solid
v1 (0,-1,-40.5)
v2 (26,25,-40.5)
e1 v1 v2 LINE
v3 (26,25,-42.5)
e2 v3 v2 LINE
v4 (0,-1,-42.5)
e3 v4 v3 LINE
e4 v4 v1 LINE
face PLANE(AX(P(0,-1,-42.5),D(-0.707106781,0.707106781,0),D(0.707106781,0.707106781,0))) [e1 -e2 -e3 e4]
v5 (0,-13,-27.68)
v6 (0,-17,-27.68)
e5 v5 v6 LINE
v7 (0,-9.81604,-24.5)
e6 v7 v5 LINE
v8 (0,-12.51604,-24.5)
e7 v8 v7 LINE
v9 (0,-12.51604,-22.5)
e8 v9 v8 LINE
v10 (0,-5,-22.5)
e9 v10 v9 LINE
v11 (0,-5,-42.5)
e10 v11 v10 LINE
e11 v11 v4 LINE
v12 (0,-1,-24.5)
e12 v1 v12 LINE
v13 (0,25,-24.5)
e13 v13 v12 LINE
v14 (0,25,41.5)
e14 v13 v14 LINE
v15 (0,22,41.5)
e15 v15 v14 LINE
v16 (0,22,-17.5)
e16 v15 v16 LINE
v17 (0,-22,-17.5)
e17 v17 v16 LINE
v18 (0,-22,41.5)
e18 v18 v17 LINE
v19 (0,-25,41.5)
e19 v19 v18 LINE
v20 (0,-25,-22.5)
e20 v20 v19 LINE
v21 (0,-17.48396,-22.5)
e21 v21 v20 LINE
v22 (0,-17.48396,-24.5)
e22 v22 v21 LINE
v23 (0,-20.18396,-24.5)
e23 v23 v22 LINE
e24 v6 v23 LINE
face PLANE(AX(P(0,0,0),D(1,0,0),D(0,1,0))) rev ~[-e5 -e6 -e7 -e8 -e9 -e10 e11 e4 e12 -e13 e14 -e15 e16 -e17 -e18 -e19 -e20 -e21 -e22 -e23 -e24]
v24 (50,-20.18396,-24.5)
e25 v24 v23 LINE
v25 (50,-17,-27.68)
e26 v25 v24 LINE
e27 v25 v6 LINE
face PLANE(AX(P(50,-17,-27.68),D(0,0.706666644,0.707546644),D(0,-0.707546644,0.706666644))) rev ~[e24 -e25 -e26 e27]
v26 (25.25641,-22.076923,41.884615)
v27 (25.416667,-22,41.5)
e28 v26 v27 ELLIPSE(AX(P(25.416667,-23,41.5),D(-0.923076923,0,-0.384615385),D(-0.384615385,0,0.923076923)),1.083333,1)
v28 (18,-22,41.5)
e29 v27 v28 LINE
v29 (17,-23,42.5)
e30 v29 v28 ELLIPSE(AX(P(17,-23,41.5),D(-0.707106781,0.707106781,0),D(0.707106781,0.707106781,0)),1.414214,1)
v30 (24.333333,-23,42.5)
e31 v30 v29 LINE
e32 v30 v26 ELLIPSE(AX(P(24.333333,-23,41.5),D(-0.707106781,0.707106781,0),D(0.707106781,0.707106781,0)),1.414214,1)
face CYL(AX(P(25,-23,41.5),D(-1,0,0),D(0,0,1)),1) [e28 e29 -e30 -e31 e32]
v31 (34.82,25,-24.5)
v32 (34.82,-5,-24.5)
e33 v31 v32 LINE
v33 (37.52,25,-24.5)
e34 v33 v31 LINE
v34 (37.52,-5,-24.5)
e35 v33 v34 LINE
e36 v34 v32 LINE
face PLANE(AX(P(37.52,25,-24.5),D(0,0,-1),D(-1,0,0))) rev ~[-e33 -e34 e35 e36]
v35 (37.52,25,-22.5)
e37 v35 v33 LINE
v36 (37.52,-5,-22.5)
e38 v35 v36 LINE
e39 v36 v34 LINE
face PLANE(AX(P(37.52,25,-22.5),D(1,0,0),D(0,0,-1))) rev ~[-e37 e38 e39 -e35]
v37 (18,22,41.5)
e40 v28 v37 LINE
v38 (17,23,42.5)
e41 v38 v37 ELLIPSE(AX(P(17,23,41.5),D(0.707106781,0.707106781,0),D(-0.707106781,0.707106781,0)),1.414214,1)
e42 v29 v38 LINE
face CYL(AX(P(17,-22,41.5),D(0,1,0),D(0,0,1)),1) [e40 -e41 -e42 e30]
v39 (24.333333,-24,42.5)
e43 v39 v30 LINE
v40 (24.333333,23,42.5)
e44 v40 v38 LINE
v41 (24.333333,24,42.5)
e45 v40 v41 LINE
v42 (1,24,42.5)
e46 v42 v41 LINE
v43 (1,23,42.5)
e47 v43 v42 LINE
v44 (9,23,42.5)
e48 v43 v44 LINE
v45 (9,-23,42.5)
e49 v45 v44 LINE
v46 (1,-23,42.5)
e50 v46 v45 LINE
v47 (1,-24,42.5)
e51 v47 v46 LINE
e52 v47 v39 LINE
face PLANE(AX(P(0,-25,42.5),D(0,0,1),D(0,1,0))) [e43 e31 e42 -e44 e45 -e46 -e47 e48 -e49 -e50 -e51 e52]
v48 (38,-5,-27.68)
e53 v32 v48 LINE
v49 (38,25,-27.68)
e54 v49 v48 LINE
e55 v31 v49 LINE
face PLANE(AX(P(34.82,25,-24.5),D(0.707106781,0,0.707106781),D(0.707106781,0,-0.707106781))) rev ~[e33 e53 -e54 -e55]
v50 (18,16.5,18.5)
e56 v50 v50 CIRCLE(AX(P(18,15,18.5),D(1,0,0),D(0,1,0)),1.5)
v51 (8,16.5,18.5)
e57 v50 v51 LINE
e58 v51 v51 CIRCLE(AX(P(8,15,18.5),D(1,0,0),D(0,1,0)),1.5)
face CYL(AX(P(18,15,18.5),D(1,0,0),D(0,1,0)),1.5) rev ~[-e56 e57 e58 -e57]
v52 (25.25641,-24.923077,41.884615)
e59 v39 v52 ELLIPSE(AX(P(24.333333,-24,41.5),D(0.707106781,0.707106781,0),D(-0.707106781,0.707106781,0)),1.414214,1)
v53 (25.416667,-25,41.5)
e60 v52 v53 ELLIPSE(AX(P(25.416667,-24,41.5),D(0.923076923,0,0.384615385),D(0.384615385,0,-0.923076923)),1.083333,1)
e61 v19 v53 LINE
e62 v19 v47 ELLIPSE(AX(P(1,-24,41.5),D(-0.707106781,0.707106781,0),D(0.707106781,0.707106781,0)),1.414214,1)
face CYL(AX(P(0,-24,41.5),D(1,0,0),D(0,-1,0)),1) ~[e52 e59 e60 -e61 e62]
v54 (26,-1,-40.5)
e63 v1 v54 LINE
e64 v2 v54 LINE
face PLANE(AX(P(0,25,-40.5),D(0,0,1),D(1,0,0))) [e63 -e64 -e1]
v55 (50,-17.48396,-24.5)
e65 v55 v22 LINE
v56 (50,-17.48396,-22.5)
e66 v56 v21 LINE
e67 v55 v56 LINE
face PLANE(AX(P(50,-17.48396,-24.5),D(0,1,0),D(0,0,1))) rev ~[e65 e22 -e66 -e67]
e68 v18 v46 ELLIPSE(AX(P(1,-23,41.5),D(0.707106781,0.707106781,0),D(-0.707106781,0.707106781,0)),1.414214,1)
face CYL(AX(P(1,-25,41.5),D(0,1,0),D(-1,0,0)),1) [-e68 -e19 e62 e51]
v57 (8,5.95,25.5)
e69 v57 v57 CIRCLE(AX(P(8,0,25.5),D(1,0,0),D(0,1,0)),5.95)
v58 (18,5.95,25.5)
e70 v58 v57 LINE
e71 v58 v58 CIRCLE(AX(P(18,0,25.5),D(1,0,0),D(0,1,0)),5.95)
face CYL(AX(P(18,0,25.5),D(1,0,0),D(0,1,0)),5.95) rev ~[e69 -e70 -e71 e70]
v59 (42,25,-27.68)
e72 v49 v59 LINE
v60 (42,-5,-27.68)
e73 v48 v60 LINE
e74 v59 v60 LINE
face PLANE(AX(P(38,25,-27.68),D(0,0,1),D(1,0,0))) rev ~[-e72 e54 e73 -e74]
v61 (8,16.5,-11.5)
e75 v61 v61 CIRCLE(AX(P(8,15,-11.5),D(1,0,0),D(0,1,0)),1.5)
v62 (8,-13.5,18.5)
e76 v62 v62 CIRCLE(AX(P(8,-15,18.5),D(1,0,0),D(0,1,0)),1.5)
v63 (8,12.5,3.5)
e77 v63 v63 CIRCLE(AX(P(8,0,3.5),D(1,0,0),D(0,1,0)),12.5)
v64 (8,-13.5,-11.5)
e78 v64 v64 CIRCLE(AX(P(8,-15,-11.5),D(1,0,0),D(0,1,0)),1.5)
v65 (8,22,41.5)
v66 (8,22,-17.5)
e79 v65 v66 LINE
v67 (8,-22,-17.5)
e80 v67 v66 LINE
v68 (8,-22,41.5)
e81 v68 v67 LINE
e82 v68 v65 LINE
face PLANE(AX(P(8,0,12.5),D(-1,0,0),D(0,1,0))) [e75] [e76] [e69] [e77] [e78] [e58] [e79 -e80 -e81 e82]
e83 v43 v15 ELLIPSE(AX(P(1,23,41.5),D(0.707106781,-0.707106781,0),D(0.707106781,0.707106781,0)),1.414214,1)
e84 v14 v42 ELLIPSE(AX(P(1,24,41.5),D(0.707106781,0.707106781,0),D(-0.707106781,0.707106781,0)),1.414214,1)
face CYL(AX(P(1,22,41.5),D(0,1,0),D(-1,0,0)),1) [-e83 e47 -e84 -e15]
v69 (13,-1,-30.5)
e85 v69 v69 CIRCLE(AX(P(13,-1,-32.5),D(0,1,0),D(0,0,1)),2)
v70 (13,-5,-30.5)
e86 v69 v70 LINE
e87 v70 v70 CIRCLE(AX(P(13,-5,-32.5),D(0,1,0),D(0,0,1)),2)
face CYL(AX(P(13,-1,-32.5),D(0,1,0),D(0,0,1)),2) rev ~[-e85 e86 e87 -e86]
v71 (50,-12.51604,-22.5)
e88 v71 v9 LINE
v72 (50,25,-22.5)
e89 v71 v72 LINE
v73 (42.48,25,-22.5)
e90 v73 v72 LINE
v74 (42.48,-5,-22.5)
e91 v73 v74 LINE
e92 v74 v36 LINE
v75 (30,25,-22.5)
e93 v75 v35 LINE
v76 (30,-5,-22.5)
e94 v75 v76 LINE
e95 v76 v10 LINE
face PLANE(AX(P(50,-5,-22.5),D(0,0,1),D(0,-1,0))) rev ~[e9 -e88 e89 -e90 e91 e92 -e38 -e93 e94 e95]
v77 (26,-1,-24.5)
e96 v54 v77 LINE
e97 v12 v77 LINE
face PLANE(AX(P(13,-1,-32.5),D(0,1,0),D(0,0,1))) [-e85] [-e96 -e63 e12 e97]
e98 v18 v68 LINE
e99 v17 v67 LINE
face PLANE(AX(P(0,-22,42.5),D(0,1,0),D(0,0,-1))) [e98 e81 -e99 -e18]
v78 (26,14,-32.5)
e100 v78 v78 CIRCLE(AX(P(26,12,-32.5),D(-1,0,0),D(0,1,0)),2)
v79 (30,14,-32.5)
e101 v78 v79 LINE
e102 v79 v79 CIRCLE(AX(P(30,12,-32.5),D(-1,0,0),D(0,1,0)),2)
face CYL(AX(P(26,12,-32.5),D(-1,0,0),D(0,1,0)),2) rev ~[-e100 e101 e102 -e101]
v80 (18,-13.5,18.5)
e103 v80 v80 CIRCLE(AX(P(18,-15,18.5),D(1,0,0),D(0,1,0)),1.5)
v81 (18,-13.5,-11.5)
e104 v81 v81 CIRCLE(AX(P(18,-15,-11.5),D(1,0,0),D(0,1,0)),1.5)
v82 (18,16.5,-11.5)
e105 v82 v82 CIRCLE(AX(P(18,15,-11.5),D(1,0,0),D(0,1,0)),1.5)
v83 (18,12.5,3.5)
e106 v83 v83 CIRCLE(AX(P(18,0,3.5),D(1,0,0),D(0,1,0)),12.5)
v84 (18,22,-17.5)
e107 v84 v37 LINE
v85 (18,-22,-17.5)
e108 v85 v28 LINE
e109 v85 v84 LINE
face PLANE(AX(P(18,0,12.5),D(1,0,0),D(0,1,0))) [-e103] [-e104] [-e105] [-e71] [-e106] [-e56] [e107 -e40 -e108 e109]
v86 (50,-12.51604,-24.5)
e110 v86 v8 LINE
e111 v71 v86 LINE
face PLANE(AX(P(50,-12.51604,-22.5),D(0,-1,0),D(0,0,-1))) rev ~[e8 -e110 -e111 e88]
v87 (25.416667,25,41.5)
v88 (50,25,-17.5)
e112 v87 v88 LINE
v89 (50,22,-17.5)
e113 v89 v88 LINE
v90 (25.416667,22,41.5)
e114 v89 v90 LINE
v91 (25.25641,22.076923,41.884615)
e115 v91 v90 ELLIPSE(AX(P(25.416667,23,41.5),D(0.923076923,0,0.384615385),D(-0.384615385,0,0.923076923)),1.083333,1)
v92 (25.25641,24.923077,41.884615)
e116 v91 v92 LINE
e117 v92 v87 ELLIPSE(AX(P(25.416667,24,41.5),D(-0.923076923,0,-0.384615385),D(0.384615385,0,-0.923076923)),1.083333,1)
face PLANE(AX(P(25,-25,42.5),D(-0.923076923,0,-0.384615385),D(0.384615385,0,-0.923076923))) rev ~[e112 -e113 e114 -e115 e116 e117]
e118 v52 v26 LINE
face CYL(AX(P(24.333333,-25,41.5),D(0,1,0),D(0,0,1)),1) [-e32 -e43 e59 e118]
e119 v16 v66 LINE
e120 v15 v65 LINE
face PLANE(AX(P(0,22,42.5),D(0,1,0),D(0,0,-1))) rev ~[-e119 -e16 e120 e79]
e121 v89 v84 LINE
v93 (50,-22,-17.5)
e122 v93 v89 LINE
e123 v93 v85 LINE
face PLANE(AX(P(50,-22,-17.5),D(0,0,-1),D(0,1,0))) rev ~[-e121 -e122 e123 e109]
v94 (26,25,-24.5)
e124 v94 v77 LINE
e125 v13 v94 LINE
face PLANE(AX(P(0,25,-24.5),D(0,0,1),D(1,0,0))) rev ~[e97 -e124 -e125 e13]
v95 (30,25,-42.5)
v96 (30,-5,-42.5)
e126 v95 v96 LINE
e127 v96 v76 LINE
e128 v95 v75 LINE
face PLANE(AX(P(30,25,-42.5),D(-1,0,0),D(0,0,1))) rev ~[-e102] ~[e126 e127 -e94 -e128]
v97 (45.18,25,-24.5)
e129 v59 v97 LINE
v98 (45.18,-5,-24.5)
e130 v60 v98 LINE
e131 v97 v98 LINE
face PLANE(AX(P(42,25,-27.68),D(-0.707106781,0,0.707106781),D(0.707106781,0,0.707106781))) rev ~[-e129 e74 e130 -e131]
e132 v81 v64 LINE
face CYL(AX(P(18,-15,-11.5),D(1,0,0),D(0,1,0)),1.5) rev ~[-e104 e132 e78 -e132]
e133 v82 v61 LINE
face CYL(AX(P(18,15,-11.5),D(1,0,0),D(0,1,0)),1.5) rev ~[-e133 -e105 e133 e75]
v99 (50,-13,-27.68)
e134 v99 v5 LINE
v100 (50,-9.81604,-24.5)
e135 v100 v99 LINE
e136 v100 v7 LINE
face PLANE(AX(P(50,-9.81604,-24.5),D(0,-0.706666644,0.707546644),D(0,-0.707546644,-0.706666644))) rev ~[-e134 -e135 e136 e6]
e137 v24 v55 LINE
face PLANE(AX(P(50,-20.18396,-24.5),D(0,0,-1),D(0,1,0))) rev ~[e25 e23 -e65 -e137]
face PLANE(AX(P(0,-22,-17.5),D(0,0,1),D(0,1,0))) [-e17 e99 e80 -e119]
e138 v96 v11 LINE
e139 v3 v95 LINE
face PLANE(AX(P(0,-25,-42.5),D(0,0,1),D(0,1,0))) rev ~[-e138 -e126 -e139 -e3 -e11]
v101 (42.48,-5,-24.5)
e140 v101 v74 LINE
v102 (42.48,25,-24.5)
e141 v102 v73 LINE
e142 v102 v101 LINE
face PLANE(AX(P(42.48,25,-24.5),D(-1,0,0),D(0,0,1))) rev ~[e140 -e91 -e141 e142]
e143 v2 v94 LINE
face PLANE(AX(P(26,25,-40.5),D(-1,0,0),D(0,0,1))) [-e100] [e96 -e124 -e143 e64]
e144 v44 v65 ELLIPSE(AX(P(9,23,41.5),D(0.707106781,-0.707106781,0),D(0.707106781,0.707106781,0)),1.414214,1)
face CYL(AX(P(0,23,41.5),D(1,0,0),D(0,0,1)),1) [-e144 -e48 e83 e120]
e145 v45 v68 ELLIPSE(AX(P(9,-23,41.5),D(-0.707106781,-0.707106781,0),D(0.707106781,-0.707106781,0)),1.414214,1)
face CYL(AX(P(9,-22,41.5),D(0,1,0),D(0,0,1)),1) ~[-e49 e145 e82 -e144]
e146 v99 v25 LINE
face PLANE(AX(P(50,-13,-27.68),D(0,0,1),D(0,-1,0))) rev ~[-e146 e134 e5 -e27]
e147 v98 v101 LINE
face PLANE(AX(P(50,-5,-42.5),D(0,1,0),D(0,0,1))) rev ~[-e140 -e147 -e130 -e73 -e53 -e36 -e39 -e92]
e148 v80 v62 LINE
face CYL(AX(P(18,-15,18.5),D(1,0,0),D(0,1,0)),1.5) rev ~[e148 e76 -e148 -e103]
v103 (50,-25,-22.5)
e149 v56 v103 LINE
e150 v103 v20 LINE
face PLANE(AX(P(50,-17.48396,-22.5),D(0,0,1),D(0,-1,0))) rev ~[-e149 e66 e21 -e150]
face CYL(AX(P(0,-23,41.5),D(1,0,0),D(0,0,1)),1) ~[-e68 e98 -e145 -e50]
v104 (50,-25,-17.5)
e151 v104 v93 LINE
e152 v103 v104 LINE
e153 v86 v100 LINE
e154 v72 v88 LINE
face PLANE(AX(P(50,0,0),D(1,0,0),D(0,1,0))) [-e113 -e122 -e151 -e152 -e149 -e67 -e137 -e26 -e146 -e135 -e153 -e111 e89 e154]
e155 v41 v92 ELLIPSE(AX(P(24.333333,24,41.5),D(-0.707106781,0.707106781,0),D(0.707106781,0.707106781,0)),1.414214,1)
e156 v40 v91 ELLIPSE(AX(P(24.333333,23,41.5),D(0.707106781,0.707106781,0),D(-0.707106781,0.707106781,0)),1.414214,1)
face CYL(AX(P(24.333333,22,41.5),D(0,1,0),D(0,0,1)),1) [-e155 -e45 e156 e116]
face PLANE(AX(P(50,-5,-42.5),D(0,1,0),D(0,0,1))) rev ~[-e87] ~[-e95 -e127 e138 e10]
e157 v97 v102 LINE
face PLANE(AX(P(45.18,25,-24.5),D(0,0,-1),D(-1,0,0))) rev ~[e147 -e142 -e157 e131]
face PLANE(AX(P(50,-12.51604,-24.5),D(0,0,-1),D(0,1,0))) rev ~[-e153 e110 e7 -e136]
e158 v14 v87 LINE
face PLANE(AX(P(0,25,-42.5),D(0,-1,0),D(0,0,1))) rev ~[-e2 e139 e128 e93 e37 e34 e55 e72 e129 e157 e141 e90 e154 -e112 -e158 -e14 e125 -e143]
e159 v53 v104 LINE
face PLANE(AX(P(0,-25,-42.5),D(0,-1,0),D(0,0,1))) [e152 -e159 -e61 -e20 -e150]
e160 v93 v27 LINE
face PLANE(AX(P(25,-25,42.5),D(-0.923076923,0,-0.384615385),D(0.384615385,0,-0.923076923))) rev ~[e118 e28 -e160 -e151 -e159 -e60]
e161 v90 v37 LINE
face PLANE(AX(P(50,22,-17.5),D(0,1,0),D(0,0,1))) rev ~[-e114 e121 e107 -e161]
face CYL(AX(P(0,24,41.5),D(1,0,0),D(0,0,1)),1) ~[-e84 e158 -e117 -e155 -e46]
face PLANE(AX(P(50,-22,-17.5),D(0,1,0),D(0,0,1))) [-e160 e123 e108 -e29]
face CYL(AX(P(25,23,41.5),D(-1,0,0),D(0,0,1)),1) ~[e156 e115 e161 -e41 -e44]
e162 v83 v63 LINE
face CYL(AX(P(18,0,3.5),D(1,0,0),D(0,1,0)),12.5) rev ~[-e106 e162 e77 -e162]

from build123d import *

# Parameters (mm, degrees)
SKETCH_W        = 50
SKETCH_H        = 85
PAD_DEPTH       = 50
POCKET_DEPTH    = 50
POCKET001_DEPTH = 30
SKETCH003_W     = 16
SKETCH003_H     = 26
POCKET002_DEPTH = 26
SKETCH004_R     = 2
POCKET003_DEPTH = 4
SKETCH005_R     = 2
POCKET004_DEPTH = 4
POCKET005_DEPTH = 2
SKETCH007_W     = 44
SKETCH007_H     = 60
POCKET006_DEPTH = 32
SKETCH008_R     = 12.5
SKETCH008_R_2   = 1.5
SKETCH008_R_3   = 5.95
POCKET007_DEPTH = 18
SKETCH009_W     = 44
SKETCH009_H     = 60
POCKET008_DEPTH = 8
POCKET009_DEPTH = 50.001
FILLET_R        = 1


with BuildPart() as part:
    # Sketch → Pad (new body)
    with BuildSketch(Plane.YZ):
        Rectangle(SKETCH_W, SKETCH_H)
    extrude(amount=PAD_DEPTH)

    # Sketch001 (on Face6 of Pad) → Pocket (cut)
    with BuildSketch(Plane.YZ.offset(50)):
        Polygon((-25, -22.5), (-25, -42.5), (-5, -42.5), (-5, -22.5), (-12.51604, -22.5), (-12.51604, -24.5), (-9.81604, -24.5), (-13, -27.68), (-17, -27.68), (-20.18396, -24.5), (-17.48396, -24.5), (-17.48396, -22.5), align=None)
    extrude(amount=-POCKET_DEPTH, mode=Mode.SUBTRACT)

    # Sketch002 (on Face3 of Pocket) → Pocket001 (cut)
    with BuildSketch(Plane.ZX.offset(25)):
        Polygon((-22.5, 50), (-42.5, 50), (-42.5, 30), (-22.5, 30), (-22.5, 37.52), (-24.5, 37.52), (-24.5, 34.82), (-27.68, 38), (-27.68, 42), (-24.5, 45.18), (-24.5, 42.48), (-22.5, 42.48), align=None)
    extrude(amount=-POCKET001_DEPTH, mode=Mode.SUBTRACT)

    # Sketch003 (on Face3 of Pocket001) → Pocket002 (cut)
    with BuildSketch(Plane.ZX.offset(25)):
        with Locations((-32.5, 13)):
            Rectangle(SKETCH003_W, SKETCH003_H)
    extrude(amount=-POCKET002_DEPTH, mode=Mode.SUBTRACT)

    # Sketch004 (on Face30 of Pocket002) → Pocket003 (cut)
    with BuildSketch(Plane.ZX.offset(-1)):
        with Locations((-32.5, 13)):
            Circle(SKETCH004_R)
    extrude(amount=-POCKET003_DEPTH, mode=Mode.SUBTRACT)

    # Sketch005 (on Face8 of Pocket003) → Pocket004 (cut)
    with BuildSketch(Plane(origin=(26, 0, 0), x_dir=(0, 1, 0), z_dir=(-1, 0, 0))):
        with Locations((12, 32.5)):
            Circle(SKETCH005_R)
    extrude(amount=-POCKET004_DEPTH, mode=Mode.SUBTRACT)

    # Sketch006 (on Face10 of Pocket004) → Pocket005 (cut)
    with BuildSketch(Plane.YX.offset(42.5)):
        Polygon((-1, 0), (25, 26), (25, 0), align=None)
    extrude(amount=-POCKET005_DEPTH, mode=Mode.SUBTRACT)

    # Sketch007 (on Face5 of Pocket005) → Pocket006 (cut)
    with BuildSketch(Plane.YZ.offset(50)):
        with Locations((0, 12.5)):
            Rectangle(SKETCH007_W, SKETCH007_H)
    extrude(amount=-POCKET006_DEPTH, mode=Mode.SUBTRACT)

    # Sketch008 (on Face6 of Pocket006) → Pocket007 (cut)
    with BuildSketch(Plane.YZ.offset(18)):
        with Locations((0, 3.5)):
            Circle(SKETCH008_R)
        with Locations((-15, 18.5)):
            Circle(SKETCH008_R_2)
        with Locations((15, 18.5)):
            Circle(SKETCH008_R_2)
        with Locations((15, -11.5)):
            Circle(SKETCH008_R_2)
        with Locations((-15, -11.5)):
            Circle(SKETCH008_R_2)
        with Locations((0, 25.5)):
            Circle(SKETCH008_R_3)
    extrude(amount=-POCKET007_DEPTH, mode=Mode.SUBTRACT)

    # Sketch009 (on Face2 of Pocket007) → Pocket008 (cut)
    with BuildSketch(Plane(origin=(0, 0, 0), x_dir=(0, 1, 0), z_dir=(-1, 0, 0))):
        with Locations((0, -12.5)):
            Rectangle(SKETCH009_W, SKETCH009_H)
    extrude(amount=-POCKET008_DEPTH, mode=Mode.SUBTRACT)

    # Sketch010 (on Face11 of Pocket008) → Pocket009 (cut, through all)
    with BuildSketch(Plane(origin=(0, -25, 0), x_dir=(0, 0, -1), z_dir=(0, -1, 0))):
        Polygon((17.5, 50), (-42.5, 50), (-42.5, 25), align=None)
    extrude(amount=-POCKET009_DEPTH, mode=Mode.SUBTRACT)

    # Fillet
    fillet_edges = [part.edges().sort_by_distance(p)[0] for p in [
        (18, 0, 42.5),
        (0, -23.5, 42.5),
        (4, -22, 42.5),
        (8, 0, 42.5),
        (4, 22, 42.5),
        (0, 23.5, 42.5),
        (12.5, 25, 42.5),
        (25, 23.5, 42.5),
        (21.5, 22, 42.5),
        (21.5, -22, 42.5),
        (25, -23.5, 42.5),
        (12.5, -25, 42.5),
    ]]
    fillet(fillet_edges, radius=FILLET_R)


solid = part.part
